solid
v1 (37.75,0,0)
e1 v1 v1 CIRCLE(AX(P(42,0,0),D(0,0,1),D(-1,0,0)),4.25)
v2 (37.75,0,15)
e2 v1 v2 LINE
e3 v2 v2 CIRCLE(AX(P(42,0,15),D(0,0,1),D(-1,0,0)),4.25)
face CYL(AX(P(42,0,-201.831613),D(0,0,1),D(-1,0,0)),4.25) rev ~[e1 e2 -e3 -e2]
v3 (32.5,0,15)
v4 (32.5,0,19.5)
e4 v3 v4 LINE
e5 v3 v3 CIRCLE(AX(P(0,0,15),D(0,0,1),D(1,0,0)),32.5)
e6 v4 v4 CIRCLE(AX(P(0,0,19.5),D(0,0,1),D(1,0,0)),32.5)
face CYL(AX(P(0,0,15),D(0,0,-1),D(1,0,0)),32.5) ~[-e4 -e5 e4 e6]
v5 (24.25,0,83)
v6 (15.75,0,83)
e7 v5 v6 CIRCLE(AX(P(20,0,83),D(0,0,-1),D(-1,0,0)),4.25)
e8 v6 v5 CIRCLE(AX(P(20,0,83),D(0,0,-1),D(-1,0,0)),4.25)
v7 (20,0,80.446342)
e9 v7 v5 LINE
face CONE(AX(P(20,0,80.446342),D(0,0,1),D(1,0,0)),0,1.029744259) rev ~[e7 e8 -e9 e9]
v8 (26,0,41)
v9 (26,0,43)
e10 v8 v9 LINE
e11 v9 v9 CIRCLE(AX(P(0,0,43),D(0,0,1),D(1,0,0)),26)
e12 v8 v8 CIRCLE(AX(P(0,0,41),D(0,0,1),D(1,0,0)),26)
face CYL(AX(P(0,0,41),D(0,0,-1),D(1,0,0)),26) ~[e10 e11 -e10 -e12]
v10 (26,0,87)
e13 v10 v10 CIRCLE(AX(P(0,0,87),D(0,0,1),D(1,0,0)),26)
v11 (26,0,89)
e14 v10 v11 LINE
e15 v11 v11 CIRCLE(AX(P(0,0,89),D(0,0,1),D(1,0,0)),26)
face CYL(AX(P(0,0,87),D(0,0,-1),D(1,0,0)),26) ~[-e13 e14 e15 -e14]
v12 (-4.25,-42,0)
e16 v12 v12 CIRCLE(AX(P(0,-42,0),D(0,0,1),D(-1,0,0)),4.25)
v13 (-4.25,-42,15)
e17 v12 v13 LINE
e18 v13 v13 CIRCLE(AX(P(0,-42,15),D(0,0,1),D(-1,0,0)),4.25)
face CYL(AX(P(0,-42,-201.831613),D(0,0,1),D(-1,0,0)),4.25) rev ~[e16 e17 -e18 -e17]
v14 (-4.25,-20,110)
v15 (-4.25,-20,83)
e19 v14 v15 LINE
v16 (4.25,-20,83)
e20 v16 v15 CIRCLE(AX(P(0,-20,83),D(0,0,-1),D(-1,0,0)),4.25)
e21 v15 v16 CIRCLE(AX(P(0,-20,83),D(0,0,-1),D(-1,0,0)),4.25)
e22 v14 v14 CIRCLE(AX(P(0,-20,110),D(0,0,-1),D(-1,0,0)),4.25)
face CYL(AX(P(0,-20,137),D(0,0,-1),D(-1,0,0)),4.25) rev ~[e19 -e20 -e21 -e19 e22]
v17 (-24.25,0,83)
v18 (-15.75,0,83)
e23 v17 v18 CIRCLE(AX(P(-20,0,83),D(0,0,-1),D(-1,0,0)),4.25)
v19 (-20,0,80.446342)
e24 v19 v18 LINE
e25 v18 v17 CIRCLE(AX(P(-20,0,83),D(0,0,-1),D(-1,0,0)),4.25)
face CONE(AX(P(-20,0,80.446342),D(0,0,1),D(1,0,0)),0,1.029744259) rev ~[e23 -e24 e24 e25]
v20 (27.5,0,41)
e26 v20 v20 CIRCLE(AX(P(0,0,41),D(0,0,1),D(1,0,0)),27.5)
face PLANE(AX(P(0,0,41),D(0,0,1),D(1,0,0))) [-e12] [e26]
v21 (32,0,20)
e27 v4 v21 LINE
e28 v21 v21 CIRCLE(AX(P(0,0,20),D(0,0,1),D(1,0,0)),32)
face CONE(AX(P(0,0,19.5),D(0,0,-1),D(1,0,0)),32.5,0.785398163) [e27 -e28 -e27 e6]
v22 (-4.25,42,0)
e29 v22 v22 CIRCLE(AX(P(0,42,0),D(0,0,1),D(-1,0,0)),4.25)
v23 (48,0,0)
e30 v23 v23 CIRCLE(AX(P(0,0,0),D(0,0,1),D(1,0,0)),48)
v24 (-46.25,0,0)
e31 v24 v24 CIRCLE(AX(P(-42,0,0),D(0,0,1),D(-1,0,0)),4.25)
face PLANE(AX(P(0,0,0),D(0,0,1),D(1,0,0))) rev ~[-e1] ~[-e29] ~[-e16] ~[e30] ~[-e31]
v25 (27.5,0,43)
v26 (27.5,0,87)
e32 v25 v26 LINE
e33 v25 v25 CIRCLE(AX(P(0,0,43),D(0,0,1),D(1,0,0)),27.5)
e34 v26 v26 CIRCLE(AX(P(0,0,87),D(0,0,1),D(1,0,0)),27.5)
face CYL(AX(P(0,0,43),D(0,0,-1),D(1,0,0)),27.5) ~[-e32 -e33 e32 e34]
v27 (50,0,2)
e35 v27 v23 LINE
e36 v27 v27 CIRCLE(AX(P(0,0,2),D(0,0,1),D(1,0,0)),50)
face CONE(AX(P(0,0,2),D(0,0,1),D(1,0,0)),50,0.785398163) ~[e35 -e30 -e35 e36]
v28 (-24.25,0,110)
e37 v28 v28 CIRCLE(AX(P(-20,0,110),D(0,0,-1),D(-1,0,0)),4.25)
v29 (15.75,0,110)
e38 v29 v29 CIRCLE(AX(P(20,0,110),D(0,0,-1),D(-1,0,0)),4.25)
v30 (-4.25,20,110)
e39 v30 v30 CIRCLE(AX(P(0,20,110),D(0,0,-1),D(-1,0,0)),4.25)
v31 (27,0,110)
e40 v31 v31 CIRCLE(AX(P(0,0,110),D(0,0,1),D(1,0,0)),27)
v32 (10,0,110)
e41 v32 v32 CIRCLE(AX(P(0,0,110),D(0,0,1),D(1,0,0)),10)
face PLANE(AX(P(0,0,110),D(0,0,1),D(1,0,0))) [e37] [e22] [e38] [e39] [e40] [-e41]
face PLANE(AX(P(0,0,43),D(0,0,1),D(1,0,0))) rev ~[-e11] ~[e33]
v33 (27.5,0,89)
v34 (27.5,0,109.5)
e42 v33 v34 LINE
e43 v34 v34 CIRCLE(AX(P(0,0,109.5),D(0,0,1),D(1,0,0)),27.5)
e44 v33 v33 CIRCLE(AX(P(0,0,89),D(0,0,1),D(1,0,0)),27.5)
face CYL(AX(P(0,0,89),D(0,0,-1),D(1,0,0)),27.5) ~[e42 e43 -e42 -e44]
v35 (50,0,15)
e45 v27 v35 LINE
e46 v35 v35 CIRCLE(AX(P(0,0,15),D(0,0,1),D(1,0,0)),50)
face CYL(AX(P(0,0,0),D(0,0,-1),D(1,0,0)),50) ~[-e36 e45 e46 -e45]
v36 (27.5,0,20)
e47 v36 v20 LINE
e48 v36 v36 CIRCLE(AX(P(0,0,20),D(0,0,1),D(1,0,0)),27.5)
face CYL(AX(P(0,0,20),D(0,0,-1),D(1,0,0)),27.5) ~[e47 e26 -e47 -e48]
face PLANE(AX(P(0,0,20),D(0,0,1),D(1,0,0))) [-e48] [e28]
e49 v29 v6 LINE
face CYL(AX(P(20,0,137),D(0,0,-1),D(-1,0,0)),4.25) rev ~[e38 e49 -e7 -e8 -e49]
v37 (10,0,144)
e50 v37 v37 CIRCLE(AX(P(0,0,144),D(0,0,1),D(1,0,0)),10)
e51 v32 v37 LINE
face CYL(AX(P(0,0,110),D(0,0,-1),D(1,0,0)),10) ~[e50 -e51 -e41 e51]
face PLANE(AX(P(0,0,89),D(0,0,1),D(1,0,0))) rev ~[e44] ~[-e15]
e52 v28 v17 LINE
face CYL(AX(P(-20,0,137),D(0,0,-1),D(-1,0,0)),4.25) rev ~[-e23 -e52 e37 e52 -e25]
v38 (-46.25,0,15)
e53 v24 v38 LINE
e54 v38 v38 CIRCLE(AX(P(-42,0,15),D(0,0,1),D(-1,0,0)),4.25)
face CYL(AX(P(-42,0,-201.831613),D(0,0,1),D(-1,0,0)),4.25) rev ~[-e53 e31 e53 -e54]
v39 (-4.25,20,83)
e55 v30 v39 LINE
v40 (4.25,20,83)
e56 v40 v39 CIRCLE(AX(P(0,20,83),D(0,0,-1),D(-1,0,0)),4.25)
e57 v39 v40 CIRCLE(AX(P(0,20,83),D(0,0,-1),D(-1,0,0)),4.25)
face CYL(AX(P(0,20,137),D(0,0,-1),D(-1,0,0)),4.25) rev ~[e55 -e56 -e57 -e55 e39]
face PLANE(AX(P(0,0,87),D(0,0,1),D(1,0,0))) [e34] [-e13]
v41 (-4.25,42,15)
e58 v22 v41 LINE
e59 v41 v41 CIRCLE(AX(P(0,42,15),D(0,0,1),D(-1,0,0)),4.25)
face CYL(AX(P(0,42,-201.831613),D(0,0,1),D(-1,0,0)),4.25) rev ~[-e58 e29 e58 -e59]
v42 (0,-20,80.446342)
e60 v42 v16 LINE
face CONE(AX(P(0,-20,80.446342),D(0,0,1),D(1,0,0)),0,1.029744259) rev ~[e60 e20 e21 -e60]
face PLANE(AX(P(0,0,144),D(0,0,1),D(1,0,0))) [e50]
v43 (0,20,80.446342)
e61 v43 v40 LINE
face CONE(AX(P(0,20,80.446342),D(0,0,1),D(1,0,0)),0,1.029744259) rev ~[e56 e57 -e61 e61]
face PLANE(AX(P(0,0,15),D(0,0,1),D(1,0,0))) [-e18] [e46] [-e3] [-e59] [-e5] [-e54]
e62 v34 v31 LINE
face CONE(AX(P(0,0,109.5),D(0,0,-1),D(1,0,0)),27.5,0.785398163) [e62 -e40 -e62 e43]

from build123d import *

# Parameters (mm, degrees)
F0_R      = 50
F1_DEPTH  = 15
F2_R      = 32.5
F3_DEPTH  = 5
F4_R      = 27.5
F5_DEPTH  = 21
F6_R      = 26
F7_DEPTH  = 2
F8_R      = 27.5
F9_DEPTH  = 44
F10_R     = 26
F11_DEPTH = 2
F12_R     = 27.5
F13_DEPTH = 21
F14_R     = 10
F15_DEPTH = 34
F17_D     = 8.5
F19_D     = 8.5
F19_DEPTH = 27
F19_TIP   = 2.5536576309
F20_SIZE  = 2
F21_SIZE  = 0.5
F22_SIZE  = 0.5


with BuildPart() as f1:
    # F0 (on Top) → F1 (new body)
    with BuildSketch(Plane.XY):
        Circle(F0_R)
    extrude(amount=F1_DEPTH)

    # F2 (on face) → F3 (join)
    with BuildSketch(Plane.XY.offset(15)):
        Circle(F2_R)
    extrude(amount=F3_DEPTH)

    # F4 (on face) → F5 (join)
    with BuildSketch(Plane.XY.offset(20)):
        Circle(F4_R)
    extrude(amount=F5_DEPTH)

    # F6 (on face) → F7 (join)
    with BuildSketch(Plane.XY.offset(41)):
        Circle(F6_R)
    extrude(amount=F7_DEPTH)

    # F8 (on face) → F9 (join)
    with BuildSketch(Plane.XY.offset(43)):
        Circle(F8_R)
    extrude(amount=F9_DEPTH)

    # F10 (on face) → F11 (join)
    with BuildSketch(Plane.XY.offset(87)):
        Circle(F10_R)
    extrude(amount=F11_DEPTH)

    # F12 (on face) → F13 (join)
    with BuildSketch(Plane.XY.offset(89)):
        Circle(F12_R)
    extrude(amount=F13_DEPTH)

    # F14 (on face) → F15 (join)
    with BuildSketch(Plane.XY.offset(110)):
        Circle(F14_R)
    extrude(amount=F15_DEPTH)

    # F17 (through all)
    with Locations(Plane(origin=(0, 0, 0), x_dir=(1, 0, 0), z_dir=(0, 0, -1))):
        with Locations((0, 42), (42, 0), (0, -42), (-42, 0)):
            Hole(F17_D / 2)

    # F19
    with Locations(Plane.XY.offset(110)):
        with Locations((0, 20), (20, 0), (0, -20), (-20, 0)):
            Hole(F19_D / 2, depth=F19_DEPTH)
            with Locations((0, 0, -(F19_DEPTH + F19_TIP / 2))):  # 118° drill point
                Cone(0, F19_D / 2, F19_TIP, mode=Mode.SUBTRACT)

    # F20
    f20_edges = [f1.edges().sort_by_distance(p)[0] for p in [
        (-50, 0, 0),
    ]]
    chamfer(f20_edges, length=F20_SIZE)

    # F21
    f21_edges = [f1.edges().sort_by_distance(p)[0] for p in [
        (-32.5, 0, 20),
    ]]
    chamfer(f21_edges, length=F21_SIZE)

    # F22
    f22_edges = [f1.edges().sort_by_distance(p)[0] for p in [
        (-27.5, 0, 110),
    ]]
    chamfer(f22_edges, length=F22_SIZE)


solid = f1.part
